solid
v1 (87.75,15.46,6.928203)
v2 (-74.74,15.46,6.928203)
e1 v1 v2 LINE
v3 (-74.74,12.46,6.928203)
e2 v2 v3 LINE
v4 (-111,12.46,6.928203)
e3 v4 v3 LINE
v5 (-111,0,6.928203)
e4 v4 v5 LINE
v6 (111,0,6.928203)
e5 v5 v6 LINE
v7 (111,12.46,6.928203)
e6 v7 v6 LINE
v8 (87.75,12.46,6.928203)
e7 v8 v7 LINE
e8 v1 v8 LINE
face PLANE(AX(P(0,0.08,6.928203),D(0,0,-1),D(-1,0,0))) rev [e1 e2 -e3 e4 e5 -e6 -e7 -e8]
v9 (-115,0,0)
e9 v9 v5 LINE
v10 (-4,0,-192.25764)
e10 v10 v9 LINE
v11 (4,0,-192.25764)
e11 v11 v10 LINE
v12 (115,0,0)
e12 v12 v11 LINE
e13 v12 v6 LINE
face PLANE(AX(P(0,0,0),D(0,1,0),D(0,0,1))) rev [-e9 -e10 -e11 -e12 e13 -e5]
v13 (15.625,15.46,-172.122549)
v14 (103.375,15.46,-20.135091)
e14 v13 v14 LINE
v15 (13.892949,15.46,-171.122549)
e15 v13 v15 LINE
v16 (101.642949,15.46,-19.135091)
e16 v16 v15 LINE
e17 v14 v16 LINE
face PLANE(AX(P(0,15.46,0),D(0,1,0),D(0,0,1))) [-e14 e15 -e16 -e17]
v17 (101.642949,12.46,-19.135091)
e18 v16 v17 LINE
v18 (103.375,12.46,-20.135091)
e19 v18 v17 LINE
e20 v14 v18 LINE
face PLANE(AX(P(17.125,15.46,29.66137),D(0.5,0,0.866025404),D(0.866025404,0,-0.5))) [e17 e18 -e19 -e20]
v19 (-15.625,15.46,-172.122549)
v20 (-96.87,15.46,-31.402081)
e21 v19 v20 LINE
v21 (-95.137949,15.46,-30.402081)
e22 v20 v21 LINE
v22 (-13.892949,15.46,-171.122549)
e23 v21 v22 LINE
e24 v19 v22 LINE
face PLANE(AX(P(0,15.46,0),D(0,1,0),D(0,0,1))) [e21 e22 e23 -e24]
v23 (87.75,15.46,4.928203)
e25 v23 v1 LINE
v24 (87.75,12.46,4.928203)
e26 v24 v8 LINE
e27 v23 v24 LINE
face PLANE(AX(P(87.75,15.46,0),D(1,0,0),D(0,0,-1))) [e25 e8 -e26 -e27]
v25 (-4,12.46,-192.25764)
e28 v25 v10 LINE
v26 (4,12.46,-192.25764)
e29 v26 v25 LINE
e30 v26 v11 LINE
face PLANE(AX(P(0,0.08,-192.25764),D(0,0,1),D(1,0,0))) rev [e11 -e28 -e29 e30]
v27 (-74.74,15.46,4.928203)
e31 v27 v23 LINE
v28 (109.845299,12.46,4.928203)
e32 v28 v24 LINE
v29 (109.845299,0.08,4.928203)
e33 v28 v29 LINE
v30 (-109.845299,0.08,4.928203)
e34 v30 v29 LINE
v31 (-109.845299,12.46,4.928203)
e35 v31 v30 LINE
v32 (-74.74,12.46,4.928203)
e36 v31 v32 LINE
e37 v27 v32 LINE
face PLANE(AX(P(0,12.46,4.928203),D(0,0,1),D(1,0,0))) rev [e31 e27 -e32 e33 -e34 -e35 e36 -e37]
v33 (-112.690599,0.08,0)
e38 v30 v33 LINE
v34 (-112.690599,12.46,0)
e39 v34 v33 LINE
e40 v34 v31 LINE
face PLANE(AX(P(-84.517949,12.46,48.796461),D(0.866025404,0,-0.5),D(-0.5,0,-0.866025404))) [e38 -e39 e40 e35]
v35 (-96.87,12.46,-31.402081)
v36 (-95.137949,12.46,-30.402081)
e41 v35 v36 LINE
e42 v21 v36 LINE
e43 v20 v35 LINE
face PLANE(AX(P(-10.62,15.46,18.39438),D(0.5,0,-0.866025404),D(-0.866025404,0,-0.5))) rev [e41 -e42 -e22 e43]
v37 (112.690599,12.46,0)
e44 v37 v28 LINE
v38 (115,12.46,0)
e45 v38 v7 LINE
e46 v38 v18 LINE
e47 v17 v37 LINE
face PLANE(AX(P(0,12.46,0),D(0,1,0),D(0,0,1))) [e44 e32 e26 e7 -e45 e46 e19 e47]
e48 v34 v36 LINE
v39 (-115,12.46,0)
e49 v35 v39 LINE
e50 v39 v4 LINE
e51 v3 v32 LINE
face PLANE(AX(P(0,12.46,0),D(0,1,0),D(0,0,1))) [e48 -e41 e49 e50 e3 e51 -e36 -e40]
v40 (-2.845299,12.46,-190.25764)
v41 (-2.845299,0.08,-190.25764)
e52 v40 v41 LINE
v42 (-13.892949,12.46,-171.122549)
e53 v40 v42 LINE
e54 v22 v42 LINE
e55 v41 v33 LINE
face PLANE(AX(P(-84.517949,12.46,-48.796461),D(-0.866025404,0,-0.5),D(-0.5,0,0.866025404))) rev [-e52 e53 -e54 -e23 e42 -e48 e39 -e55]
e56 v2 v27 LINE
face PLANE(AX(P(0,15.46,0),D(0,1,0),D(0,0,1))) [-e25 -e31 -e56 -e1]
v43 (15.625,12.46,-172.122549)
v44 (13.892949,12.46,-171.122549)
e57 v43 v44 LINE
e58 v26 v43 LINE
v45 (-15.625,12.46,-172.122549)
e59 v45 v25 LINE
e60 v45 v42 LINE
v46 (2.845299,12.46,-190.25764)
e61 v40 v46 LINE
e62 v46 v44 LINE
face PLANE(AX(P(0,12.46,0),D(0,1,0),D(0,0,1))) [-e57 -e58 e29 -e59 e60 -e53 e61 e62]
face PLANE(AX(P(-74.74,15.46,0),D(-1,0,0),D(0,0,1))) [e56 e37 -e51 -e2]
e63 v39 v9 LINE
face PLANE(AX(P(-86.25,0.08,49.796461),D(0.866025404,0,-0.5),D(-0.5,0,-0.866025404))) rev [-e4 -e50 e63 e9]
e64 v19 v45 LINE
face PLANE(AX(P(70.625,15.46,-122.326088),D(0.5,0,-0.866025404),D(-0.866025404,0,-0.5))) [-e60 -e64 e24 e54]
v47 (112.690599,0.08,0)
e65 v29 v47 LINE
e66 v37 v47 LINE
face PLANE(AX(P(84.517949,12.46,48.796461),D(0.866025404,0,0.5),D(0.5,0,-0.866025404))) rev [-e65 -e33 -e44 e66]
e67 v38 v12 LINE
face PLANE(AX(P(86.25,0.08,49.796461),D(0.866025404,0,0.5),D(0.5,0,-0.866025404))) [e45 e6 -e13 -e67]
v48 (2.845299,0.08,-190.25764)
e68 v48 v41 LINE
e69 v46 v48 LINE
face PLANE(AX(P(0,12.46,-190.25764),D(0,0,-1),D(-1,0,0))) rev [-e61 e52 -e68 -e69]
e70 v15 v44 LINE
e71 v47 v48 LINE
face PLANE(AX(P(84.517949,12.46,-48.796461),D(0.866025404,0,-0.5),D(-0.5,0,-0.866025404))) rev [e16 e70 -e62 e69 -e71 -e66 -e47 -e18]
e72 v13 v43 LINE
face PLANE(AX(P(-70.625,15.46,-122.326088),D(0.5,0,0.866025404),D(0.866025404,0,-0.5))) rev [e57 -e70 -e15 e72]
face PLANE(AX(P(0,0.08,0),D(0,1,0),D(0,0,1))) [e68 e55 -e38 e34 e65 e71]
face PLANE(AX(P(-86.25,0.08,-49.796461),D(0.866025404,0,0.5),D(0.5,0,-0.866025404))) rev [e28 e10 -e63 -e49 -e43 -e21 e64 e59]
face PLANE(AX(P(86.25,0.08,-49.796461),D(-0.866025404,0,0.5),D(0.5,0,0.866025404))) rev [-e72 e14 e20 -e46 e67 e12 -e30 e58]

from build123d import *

# Parameters (mm, degrees)
BOSS_EXTRUDE1_DEPTH = 0.08
BOSS_EXTRUDE2_DEPTH = 12.46
SKETCH1_4_W         = 162.49
SKETCH1_4_H         = 2
BOSS_EXTRUDE3_DEPTH = 15.46


with BuildPart() as part:
    # Sketch1 → Boss-Extrude1 (new body)
    with BuildSketch(Plane(origin=(0, 0, 0), x_dir=(1, 0, 0), z_dir=(0, 1, 0))):
        Polygon((-115, 0), (-111, -6.92820323), (111, -6.92820323), (115, 0), (4, 192.25763964), (-4, 192.25763964), align=None)
    extrude(amount=BOSS_EXTRUDE1_DEPTH)

    # Sketch1<3> → Boss-Extrude2 (add)
    with BuildSketch(Plane(origin=(0, 0, 0), x_dir=(1, 0, 0), z_dir=(0, 1, 0))):
        Polygon((-96.87, 31.402081141), (-115, 0), (-111, -6.92820323), (-74.74, -6.92820323), (-74.74, -4.92820323), (-109.845299462, -4.92820323), (-112.690598923, 0), (-95.137949192, 30.402081141), align=None)
        Polygon((-4, 192.25763964), (-15.625, 172.122549002), (-13.892949192, 171.122549002), (-2.845299462, 190.25763964), (2.845299462, 190.25763964), (13.892949192, 171.122549002), (15.625, 172.122549002), (4, 192.25763964), align=None)
        Polygon((87.75, -4.92820323), (87.75, -6.92820323), (111, -6.92820323), (115, 0), (103.375, 20.135090638), (101.642949192, 19.135090638), (112.690598923, 0), (109.845299462, -4.92820323), align=None)
    extrude(amount=BOSS_EXTRUDE2_DEPTH)

    # Sketch1<4> → Boss-Extrude3 (add)
    with BuildSketch(Plane(origin=(0, 0, 0), x_dir=(1, 0, 0), z_dir=(0, 1, 0))):
        Polygon((-15.625, 172.122549002), (-96.87, 31.402081141), (-95.137949192, 30.402081141), (-13.892949192, 171.122549002), align=None)
        with Locations((6.505, -5.92820323)):
            Rectangle(SKETCH1_4_W, SKETCH1_4_H)
        Polygon((103.375, 20.135090638), (15.625, 172.122549002), (13.892949192, 171.122549002), (101.642949192, 19.135090638), align=None)
    extrude(amount=BOSS_EXTRUDE3_DEPTH)


solid = part.part
